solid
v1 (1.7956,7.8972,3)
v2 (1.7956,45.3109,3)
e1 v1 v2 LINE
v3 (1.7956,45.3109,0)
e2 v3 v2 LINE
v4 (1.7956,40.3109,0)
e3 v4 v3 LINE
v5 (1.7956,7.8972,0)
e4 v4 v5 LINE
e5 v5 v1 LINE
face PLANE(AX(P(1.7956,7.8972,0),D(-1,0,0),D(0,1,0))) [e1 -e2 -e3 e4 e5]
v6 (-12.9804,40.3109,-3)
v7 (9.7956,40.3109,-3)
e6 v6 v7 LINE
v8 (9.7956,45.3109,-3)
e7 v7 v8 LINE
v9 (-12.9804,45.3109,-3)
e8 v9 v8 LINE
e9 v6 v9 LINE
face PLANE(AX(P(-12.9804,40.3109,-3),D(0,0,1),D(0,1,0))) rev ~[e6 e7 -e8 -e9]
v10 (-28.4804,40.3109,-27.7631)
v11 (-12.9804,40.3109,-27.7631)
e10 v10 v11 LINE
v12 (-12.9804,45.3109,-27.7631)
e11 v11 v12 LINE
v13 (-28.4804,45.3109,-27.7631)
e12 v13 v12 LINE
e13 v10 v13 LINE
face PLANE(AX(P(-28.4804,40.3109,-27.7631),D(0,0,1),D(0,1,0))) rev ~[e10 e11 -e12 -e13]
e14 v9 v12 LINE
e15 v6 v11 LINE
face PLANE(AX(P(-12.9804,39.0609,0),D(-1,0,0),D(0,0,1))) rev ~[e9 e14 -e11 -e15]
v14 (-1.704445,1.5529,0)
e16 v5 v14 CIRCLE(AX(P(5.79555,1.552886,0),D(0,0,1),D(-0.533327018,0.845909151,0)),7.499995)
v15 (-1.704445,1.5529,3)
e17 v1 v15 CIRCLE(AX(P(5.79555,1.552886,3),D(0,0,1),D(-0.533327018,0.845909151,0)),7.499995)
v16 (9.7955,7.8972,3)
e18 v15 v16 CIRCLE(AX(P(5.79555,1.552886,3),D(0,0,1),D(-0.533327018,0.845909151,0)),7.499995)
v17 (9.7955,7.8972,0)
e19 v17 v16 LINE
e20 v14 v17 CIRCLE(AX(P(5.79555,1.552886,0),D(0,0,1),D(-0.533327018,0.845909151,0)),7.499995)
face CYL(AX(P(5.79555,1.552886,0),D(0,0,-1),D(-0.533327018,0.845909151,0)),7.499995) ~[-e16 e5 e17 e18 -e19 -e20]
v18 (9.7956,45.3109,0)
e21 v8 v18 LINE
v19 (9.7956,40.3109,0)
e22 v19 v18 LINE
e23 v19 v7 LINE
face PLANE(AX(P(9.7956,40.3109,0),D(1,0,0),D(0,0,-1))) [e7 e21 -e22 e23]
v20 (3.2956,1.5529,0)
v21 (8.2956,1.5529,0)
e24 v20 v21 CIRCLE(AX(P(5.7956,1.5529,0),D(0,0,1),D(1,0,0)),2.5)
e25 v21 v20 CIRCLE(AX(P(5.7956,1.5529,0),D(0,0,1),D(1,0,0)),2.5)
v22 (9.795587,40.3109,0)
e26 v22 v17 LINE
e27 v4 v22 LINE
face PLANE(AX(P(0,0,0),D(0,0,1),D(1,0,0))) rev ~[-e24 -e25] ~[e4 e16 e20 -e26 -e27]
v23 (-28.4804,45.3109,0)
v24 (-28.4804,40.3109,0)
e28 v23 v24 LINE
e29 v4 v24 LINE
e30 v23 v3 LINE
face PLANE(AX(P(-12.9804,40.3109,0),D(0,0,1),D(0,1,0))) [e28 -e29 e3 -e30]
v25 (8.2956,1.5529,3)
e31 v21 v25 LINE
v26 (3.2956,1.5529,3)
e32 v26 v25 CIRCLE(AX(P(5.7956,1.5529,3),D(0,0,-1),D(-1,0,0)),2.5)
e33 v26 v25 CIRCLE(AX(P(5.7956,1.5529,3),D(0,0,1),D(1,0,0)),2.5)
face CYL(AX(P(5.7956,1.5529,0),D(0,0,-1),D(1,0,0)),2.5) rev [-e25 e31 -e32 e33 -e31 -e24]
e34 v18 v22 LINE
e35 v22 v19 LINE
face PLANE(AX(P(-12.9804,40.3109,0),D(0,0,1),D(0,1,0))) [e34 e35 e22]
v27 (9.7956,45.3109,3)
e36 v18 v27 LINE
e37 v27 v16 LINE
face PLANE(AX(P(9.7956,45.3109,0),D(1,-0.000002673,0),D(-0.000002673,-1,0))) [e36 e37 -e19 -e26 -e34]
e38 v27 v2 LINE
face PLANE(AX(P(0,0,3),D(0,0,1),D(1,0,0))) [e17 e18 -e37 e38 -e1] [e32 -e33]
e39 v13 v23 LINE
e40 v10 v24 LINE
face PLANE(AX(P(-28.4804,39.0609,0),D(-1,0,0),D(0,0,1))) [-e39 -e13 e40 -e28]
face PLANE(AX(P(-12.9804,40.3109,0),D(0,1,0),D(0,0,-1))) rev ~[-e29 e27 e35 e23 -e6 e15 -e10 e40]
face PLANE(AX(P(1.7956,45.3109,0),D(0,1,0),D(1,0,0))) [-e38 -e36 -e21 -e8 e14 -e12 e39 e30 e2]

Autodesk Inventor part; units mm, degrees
ref_plane "YZ Plane" through (0, 0, 0) normal (1, 0, 0) x (0, 1, 0)
ref_plane "XZ Plane" through (0, 0, 0) normal (0, 1, 0) x (-1, 0, 0)
sketch "Sketch1" plane through (0, 0, 0) normal (0, 0, 1) x (1, 0, 0)
  line L0 (6.9956, 3.6314) -> (6.4167, 3.8711) projected
  line L1 (5.7956, 3.9529) -> (6.4167, 3.8711) projected
  line L2 (5.1744, 3.8711) -> (5.7956, 3.9529) projected
  line L3 (4.5956, 3.6314) -> (5.1744, 3.8711) projected
  line L4 (4.0985, 3.25) -> (4.5956, 3.6314) projected
  line L5 (3.7171, 2.7529) -> (4.0985, 3.25) projected
  line L6 (3.4773, 2.1741) -> (3.7171, 2.7529) projected
  line L7 (3.4773, 2.1741) -> (3.3956, 1.5529) projected
  line L8 (3.4773, 0.9317) -> (3.3956, 1.5529) projected
  line L9 (3.4773, 0.9317) -> (3.7171, 0.3529) projected
  line L10 (3.7171, 0.3529) -> (4.0985, -0.1441) projected
  line L11 (4.0985, -0.1441) -> (4.5956, -0.5255) projected
  line L12 (4.5956, -0.5255) -> (5.1744, -0.7653) projected
  line L13 (5.1744, -0.7653) -> (5.7956, -0.8471) projected
  line L14 (5.7956, -0.8471) -> (6.4167, -0.7653) projected
  line L15 (6.4167, -0.7653) -> (6.9956, -0.5255) projected
  line L16 (6.9956, -0.5255) -> (7.4926, -0.1441) projected
  line L17 (7.4926, -0.1441) -> (7.874, 0.3529) projected
  line L18 (8.1138, 0.9317) -> (7.874, 0.3529) projected
  line L19 (8.1138, 0.9317) -> (8.1956, 1.5529) projected
  line L20 (8.1956, 1.5529) -> (8.1138, 2.1741) projected
  line L21 (8.1138, 2.1741) -> (7.874, 2.7529) projected
  line L22 (7.874, 2.7529) -> (7.4926, 3.25) projected
  line L23 (6.9956, 3.6314) -> (7.4926, 3.25) projected
  line L24 (6.7956, 1.5529) -> (6.7615, 1.8117) projected
  line L25 (6.7615, 1.2941) -> (6.7956, 1.5529) projected
  line L26 (6.6616, 1.0529) -> (6.7615, 1.2941) projected
  line L27 (6.5027, 0.8458) -> (6.6616, 1.0529) projected
  line L28 (6.2956, 0.6869) -> (6.5027, 0.8458) projected
  line L29 (6.0544, 0.587) -> (6.2956, 0.6869) projected
  line L30 (5.7956, 0.5529) -> (6.0544, 0.587) projected
  line L31 (5.5367, 0.587) -> (5.7956, 0.5529) projected
  line L32 (5.2956, 0.6869) -> (5.5367, 0.587) projected
  line L33 (5.0884, 0.8458) -> (5.2956, 0.6869) projected
  line L34 (4.9295, 1.0529) -> (5.0884, 0.8458) projected
  line L35 (4.8296, 1.2941) -> (4.9295, 1.0529) projected
  line L36 (4.7956, 1.5529) -> (4.8296, 1.2941) projected
  line L37 (4.7956, 1.5529) -> (4.8296, 1.8117) projected
  line L38 (4.8296, 1.8117) -> (4.9295, 2.0529) projected
  line L39 (4.9295, 2.0529) -> (5.0884, 2.26) projected
  line L40 (5.0884, 2.26) -> (5.2956, 2.4189) projected
  line L41 (5.2956, 2.4189) -> (5.5367, 2.5188) projected
  line L42 (5.5367, 2.5188) -> (5.7956, 2.5529) projected
  line L43 (5.7956, 2.5529) -> (6.0544, 2.5188) projected
  line L44 (6.0544, 2.5188) -> (6.2956, 2.4189) projected
  line L45 (6.2956, 2.4189) -> (6.5027, 2.26) projected
  line L46 (6.5027, 2.26) -> (6.6616, 2.0529) projected
  line L47 (6.6616, 2.0529) -> (6.7615, 1.8117) projected
  circle A0 centre (5.7956, 1.5529) radius 2.5
  arc A1 (1.7956, 7.8972) -> (9.7955, 7.8972) centre (5.7956, 1.5529) ccw
  line L48 (-28.4804, 55.5109) -> (-15.9804, 55.5109) projected
  line L49 (-28.4804, 55.5109) -> (-28.4804, 40.3109) projected
  line L50 (-15.9804, 40.3109) -> (-28.4804, 40.3109) projected
  line L51 (-15.9804, 40.3109) -> (-15.9804, 55.5109) projected
  line L52 (-20.6474, 51.7815) -> (-20.6304, 51.9109) projected
  line L53 (-20.6974, 51.6609) -> (-20.6474, 51.7815) projected
  line L54 (-20.7768, 51.5573) -> (-20.6974, 51.6609) projected
  line L55 (-20.8804, 51.4779) -> (-20.7768, 51.5573) projected
  line L56 (-21.001, 51.4279) -> (-20.8804, 51.4779) projected
  line L57 (-21.1304, 51.4109) -> (-21.001, 51.4279) projected
  line L58 (-21.2598, 51.4279) -> (-21.1304, 51.4109) projected
  line L59 (-21.3804, 51.4779) -> (-21.2598, 51.4279) projected
  line L60 (-21.4839, 51.5573) -> (-21.3804, 51.4779) projected
  line L61 (-21.5634, 51.6609) -> (-21.4839, 51.5573) projected
  line L62 (-21.5634, 51.6609) -> (-21.6133, 51.7815) projected
  line L63 (-21.6133, 51.7815) -> (-21.6304, 51.9109) projected
  line L64 (-21.6304, 51.9109) -> (-21.6133, 52.0403) projected
  line L65 (-21.5634, 52.1609) -> (-21.6133, 52.0403) projected
  line L66 (-21.4839, 52.2645) -> (-21.5634, 52.1609) projected
  line L67 (-21.3804, 52.3439) -> (-21.4839, 52.2645) projected
  line L68 (-21.3804, 52.3439) -> (-21.2598, 52.3939) projected
  line L69 (-21.2598, 52.3939) -> (-21.1304, 52.4109) projected
  line L70 (-21.1304, 52.4109) -> (-21.001, 52.3939) projected
  line L71 (-21.001, 52.3939) -> (-20.8804, 52.3439) projected
  line L72 (-20.8804, 52.3439) -> (-20.7768, 52.2645) projected
  line L73 (-20.7768, 52.2645) -> (-20.6974, 52.1609) projected
  line L74 (-20.6974, 52.1609) -> (-20.6474, 52.0403) projected
  line L75 (-20.6304, 51.9109) -> (-20.6474, 52.0403) projected
  line L76 (-21.7474, 51.7815) -> (-21.7304, 51.9109) projected
  line L77 (-21.7974, 51.6609) -> (-21.7474, 51.7815) projected
  line L78 (-21.8768, 51.5573) -> (-21.7974, 51.6609) projected
  line L79 (-21.9804, 51.4779) -> (-21.8768, 51.5573) projected
  line L80 (-22.101, 51.4279) -> (-21.9804, 51.4779) projected
  line L81 (-22.2304, 51.4109) -> (-22.101, 51.4279) projected
  line L82 (-22.3598, 51.4279) -> (-22.2304, 51.4109) projected
  line L83 (-22.4804, 51.4779) -> (-22.3598, 51.4279) projected
  line L84 (-22.5839, 51.5573) -> (-22.4804, 51.4779) projected
  line L85 (-22.6634, 51.6609) -> (-22.5839, 51.5573) projected
  line L86 (-22.6634, 51.6609) -> (-22.7133, 51.7815) projected
  line L87 (-22.7133, 51.7815) -> (-22.7304, 51.9109) projected
  line L88 (-22.7304, 51.9109) -> (-22.7133, 52.0403) projected
  line L89 (-22.6634, 52.1609) -> (-22.7133, 52.0403) projected
  line L90 (-22.5839, 52.2645) -> (-22.6634, 52.1609) projected
  line L91 (-22.4804, 52.3439) -> (-22.5839, 52.2645) projected
  line L92 (-22.4804, 52.3439) -> (-22.3598, 52.3939) projected
  line L93 (-22.3598, 52.3939) -> (-22.2304, 52.4109) projected
  line L94 (-22.2304, 52.4109) -> (-22.101, 52.3939) projected
  line L95 (-22.101, 52.3939) -> (-21.9804, 52.3439) projected
  line L96 (-21.9804, 52.3439) -> (-21.8768, 52.2645) projected
  line L97 (-21.8768, 52.2645) -> (-21.7974, 52.1609) projected
  line L98 (-21.7974, 52.1609) -> (-21.7474, 52.0403) projected
  line L99 (-21.7304, 51.9109) -> (-21.7474, 52.0403) projected
  line L100 (-22.8474, 51.7815) -> (-22.8304, 51.9109) projected
  line L101 (-22.8974, 51.6609) -> (-22.8474, 51.7815) projected
  line L102 (-22.9768, 51.5573) -> (-22.8974, 51.6609) projected
  line L103 (-23.0804, 51.4779) -> (-22.9768, 51.5573) projected
  line L104 (-23.201, 51.4279) -> (-23.0804, 51.4779) projected
  line L105 (-23.3304, 51.4109) -> (-23.201, 51.4279) projected
  line L106 (-23.4598, 51.4279) -> (-23.3304, 51.4109) projected
  line L107 (-23.5804, 51.4779) -> (-23.4598, 51.4279) projected
  line L108 (-23.6839, 51.5573) -> (-23.5804, 51.4779) projected
  line L109 (-23.7634, 51.6609) -> (-23.6839, 51.5573) projected
  line L110 (-23.7634, 51.6609) -> (-23.8133, 51.7815) projected
  line L111 (-23.8133, 51.7815) -> (-23.8304, 51.9109) projected
  line L112 (-23.8304, 51.9109) -> (-23.8133, 52.0403) projected
  line L113 (-23.7634, 52.1609) -> (-23.8133, 52.0403) projected
  line L114 (-23.6839, 52.2645) -> (-23.7634, 52.1609) projected
  line L115 (-23.5804, 52.3439) -> (-23.6839, 52.2645) projected
  line L116 (-23.5804, 52.3439) -> (-23.4598, 52.3939) projected
  line L117 (-23.4598, 52.3939) -> (-23.3304, 52.4109) projected
  line L118 (-23.3304, 52.4109) -> (-23.201, 52.3939) projected
  line L119 (-23.201, 52.3939) -> (-23.0804, 52.3439) projected
  line L120 (-23.0804, 52.3439) -> (-22.9768, 52.2645) projected
  line L121 (-22.9768, 52.2645) -> (-22.8974, 52.1609) projected
  line L122 (-22.8974, 52.1609) -> (-22.8474, 52.0403) projected
  line L123 (-22.8304, 51.9109) -> (-22.8474, 52.0403) projected
  line L124 (-21.6304, 37.8109) -> (-21.6304, 40.3109) projected
  line L125 (-15.9804, 37.8109) -> (-21.6304, 37.8109) projected
  line L126 (-15.9804, 37.8109) -> (-15.9804, 40.3109) projected
  line L127 (-21.6304, 40.3109) -> (-15.9804, 40.3109) projected
  line L128 (-28.4804, 37.8109) -> (-28.4804, 40.3109) projected
  line L129 (-22.8304, 37.8109) -> (-28.4804, 37.8109) projected
  line L130 (-22.8304, 37.8109) -> (-22.8304, 40.3109) projected
  line L131 (-28.4804, 40.3109) -> (-22.8304, 40.3109) projected
  line L132 (-28.4804, 40.3109) -> (-15.9804, 40.3109)
  line L133 (-15.9804, 40.3109) -> (-15.9804, 45.3109)
  line L134 (-15.9804, 45.3109) -> (-28.4804, 45.3109)
  line L135 (-28.4804, 45.3109) -> (-28.4804, 40.3109)
  line L136 (-15.9804, 45.3109) -> (-12.9804, 45.3109)
  line L137 (-12.9804, 45.3109) -> (-12.9804, 40.3109)
  line L138 (-12.9804, 40.3109) -> (-15.9804, 40.3109)
  line L139 (-15.9804, 40.3109) -> (-15.9804, 45.3109)
  line L140 (-28.4804, 45.3109) -> (-31.4804, 45.3109)
  line L141 (-31.4804, 45.3109) -> (-31.4804, 40.3109)
  line L142 (-31.4804, 40.3109) -> (-28.4804, 40.3109)
  line L143 (-28.4804, 40.3109) -> (-28.4804, 45.3109)
  line L144 (-12.9804, 45.3109) -> (5.7956, 45.3109)
  line L145 (1.7956, 40.3109) -> (-12.9804, 40.3109)
  line L146 (-12.9804, 40.3109) -> (-12.9804, 45.3109)
  line L147 (9.7956, 45.3109) -> (9.7955, 7.8972)
  line L148 (1.7956, 7.8972) -> (1.7956, 40.3109)
  line L149 (1.7956, 45.3109) -> (9.7956, 45.3109)
  line L150 (9.7956, 45.3109) -> (1.7956, 3.9529) construction
  line L151 (9.7956, 3.9529) -> (1.7956, 45.3109) construction
  line L152 (5.7956, 4.0529) -> (5.7956, 3.9529)
  line L153 (5.7956, 1.5529) -> (-36.8703, 1.5529)
  line L154 (-22.2304, 45.3109) -> (-22.2304, 1.5529)
  line L155 (1.7956, 39.0609) -> (1.7956, 45.3109)
  point P0 (0, 0)
  point P1 (5.7956, 24.6319)
  dimension "d0" = 5
  dimension "d1" = 15
  dimension "d2" = 5
  dimension "d3" = 3
  dimension "d4" = 3
  dimension "d6" = 8
extrude "Extrusion1" add sketch "Sketch1" along normal blind 3 contours A1 L148 L155 L144 L149 L147
sketch "Sketch2" plane through (1.7956, 39.0609, 0) normal (-1, 0, 0) x (0, 0, 1)
  line L0 (-5.2631, 16.45) -> (-5.2631, 1.25) projected
  line L1 (-27.7631, 1.25) -> (-27.7631, 16.45) projected
  line L2 (-5.2631, 16.45) -> (-27.7631, 16.45) projected
  line L3 (-27.7631, 1.25) -> (-27.7631, 16.45) projected
  line L4 (-27.7631, 1.25) -> (-32.5631, 1.25) projected
  line L5 (-32.5631, 1.25) -> (-32.5631, -1.25) projected
  line L6 (-27.7631, -1.25) -> (-32.5631, -1.25) projected
  line L7 (-27.7631, -1.25) -> (-27.7631, -5.75) projected
  line L8 (-5.2631, -5.75) -> (-27.7631, -5.75) projected
  line L9 (-5.2631, -1.25) -> (-5.2631, -5.75) projected
  line L10 (-5.2631, -1.25) -> (-0.4631, -1.25) projected
  line L11 (-0.4631, -1.25) -> (-0.4631, 1.25) projected
  line L12 (-5.2631, 1.25) -> (-0.4631, 1.25) projected
  line L13 (-5.2631, 16.45) -> (-5.2631, 1.25) projected
  line L14 (0, 6.25) -> (0, 0) projected
  line L15 (-27.7631, 1.25) -> (0, 1.25)
  line L16 (0, 1.25) -> (0, 6.25)
  line L17 (0, 6.25) -> (-27.7631, 6.25)
  line L18 (-27.7631, 6.25) -> (-27.7631, 1.25)
  line L19 (-27.7631, 6.25) -> (-30.7631, 6.25)
  line L20 (-30.7631, 6.25) -> (-30.7631, 1.25)
  line L21 (-30.7631, 1.25) -> (-27.7631, 1.25)
  line L22 (-27.7631, 1.25) -> (-27.7631, 6.25)
  point P0 (0, -39.0609)
  dimension "d9" = 3
ref_plane "Work Plane1" through (-28.4804, 33.3109, -32.5631) normal (-1, 0, 0) x (0, 0, 1)
extrude "Extrusion2" add sketch "Sketch2" against normal blind 15.5 from surface at 30.276 contours L17 L14 L15 L12 L0 | L0 L15 L1 L17
sketch "Sketch3" plane through (-12.9804, 40.3109, 0) normal (1, 0, 0) x (0, 0, -1)
  line L0 (0, -32.4137) -> (0, 5) projected
  line L1 (0, 5) -> (-3, 5) projected
  line L2 (-3, -32.4137) -> (-3, 5) projected
  line L3 (0, -32.4137) -> (-3, -32.4137) projected
  line L4 (0, 5) -> (0, 0) projected
  line L5 (0, 0) -> (27.7631, 0) projected
  line L6 (27.7631, 0) -> (27.7631, 5) projected
  line L7 (27.7631, 5) -> (0, 5) projected
  line L8 (27.7631, 5) -> (0, 5) projected
  line L9 (0, 0) -> (3, 0)
  line L10 (3, 0) -> (3, 5)
  line L11 (3, 5) -> (0, 5)
  line L12 (0, 5) -> (0, 0)
  point P0 (0, -40.3109)
  dimension "d12" = 3
extrude "Extrusion3" add sketch "Sketch3" along normal up to surface (22.776 mm away) contours L0 L7 L10 L5
properties part number "armV"
